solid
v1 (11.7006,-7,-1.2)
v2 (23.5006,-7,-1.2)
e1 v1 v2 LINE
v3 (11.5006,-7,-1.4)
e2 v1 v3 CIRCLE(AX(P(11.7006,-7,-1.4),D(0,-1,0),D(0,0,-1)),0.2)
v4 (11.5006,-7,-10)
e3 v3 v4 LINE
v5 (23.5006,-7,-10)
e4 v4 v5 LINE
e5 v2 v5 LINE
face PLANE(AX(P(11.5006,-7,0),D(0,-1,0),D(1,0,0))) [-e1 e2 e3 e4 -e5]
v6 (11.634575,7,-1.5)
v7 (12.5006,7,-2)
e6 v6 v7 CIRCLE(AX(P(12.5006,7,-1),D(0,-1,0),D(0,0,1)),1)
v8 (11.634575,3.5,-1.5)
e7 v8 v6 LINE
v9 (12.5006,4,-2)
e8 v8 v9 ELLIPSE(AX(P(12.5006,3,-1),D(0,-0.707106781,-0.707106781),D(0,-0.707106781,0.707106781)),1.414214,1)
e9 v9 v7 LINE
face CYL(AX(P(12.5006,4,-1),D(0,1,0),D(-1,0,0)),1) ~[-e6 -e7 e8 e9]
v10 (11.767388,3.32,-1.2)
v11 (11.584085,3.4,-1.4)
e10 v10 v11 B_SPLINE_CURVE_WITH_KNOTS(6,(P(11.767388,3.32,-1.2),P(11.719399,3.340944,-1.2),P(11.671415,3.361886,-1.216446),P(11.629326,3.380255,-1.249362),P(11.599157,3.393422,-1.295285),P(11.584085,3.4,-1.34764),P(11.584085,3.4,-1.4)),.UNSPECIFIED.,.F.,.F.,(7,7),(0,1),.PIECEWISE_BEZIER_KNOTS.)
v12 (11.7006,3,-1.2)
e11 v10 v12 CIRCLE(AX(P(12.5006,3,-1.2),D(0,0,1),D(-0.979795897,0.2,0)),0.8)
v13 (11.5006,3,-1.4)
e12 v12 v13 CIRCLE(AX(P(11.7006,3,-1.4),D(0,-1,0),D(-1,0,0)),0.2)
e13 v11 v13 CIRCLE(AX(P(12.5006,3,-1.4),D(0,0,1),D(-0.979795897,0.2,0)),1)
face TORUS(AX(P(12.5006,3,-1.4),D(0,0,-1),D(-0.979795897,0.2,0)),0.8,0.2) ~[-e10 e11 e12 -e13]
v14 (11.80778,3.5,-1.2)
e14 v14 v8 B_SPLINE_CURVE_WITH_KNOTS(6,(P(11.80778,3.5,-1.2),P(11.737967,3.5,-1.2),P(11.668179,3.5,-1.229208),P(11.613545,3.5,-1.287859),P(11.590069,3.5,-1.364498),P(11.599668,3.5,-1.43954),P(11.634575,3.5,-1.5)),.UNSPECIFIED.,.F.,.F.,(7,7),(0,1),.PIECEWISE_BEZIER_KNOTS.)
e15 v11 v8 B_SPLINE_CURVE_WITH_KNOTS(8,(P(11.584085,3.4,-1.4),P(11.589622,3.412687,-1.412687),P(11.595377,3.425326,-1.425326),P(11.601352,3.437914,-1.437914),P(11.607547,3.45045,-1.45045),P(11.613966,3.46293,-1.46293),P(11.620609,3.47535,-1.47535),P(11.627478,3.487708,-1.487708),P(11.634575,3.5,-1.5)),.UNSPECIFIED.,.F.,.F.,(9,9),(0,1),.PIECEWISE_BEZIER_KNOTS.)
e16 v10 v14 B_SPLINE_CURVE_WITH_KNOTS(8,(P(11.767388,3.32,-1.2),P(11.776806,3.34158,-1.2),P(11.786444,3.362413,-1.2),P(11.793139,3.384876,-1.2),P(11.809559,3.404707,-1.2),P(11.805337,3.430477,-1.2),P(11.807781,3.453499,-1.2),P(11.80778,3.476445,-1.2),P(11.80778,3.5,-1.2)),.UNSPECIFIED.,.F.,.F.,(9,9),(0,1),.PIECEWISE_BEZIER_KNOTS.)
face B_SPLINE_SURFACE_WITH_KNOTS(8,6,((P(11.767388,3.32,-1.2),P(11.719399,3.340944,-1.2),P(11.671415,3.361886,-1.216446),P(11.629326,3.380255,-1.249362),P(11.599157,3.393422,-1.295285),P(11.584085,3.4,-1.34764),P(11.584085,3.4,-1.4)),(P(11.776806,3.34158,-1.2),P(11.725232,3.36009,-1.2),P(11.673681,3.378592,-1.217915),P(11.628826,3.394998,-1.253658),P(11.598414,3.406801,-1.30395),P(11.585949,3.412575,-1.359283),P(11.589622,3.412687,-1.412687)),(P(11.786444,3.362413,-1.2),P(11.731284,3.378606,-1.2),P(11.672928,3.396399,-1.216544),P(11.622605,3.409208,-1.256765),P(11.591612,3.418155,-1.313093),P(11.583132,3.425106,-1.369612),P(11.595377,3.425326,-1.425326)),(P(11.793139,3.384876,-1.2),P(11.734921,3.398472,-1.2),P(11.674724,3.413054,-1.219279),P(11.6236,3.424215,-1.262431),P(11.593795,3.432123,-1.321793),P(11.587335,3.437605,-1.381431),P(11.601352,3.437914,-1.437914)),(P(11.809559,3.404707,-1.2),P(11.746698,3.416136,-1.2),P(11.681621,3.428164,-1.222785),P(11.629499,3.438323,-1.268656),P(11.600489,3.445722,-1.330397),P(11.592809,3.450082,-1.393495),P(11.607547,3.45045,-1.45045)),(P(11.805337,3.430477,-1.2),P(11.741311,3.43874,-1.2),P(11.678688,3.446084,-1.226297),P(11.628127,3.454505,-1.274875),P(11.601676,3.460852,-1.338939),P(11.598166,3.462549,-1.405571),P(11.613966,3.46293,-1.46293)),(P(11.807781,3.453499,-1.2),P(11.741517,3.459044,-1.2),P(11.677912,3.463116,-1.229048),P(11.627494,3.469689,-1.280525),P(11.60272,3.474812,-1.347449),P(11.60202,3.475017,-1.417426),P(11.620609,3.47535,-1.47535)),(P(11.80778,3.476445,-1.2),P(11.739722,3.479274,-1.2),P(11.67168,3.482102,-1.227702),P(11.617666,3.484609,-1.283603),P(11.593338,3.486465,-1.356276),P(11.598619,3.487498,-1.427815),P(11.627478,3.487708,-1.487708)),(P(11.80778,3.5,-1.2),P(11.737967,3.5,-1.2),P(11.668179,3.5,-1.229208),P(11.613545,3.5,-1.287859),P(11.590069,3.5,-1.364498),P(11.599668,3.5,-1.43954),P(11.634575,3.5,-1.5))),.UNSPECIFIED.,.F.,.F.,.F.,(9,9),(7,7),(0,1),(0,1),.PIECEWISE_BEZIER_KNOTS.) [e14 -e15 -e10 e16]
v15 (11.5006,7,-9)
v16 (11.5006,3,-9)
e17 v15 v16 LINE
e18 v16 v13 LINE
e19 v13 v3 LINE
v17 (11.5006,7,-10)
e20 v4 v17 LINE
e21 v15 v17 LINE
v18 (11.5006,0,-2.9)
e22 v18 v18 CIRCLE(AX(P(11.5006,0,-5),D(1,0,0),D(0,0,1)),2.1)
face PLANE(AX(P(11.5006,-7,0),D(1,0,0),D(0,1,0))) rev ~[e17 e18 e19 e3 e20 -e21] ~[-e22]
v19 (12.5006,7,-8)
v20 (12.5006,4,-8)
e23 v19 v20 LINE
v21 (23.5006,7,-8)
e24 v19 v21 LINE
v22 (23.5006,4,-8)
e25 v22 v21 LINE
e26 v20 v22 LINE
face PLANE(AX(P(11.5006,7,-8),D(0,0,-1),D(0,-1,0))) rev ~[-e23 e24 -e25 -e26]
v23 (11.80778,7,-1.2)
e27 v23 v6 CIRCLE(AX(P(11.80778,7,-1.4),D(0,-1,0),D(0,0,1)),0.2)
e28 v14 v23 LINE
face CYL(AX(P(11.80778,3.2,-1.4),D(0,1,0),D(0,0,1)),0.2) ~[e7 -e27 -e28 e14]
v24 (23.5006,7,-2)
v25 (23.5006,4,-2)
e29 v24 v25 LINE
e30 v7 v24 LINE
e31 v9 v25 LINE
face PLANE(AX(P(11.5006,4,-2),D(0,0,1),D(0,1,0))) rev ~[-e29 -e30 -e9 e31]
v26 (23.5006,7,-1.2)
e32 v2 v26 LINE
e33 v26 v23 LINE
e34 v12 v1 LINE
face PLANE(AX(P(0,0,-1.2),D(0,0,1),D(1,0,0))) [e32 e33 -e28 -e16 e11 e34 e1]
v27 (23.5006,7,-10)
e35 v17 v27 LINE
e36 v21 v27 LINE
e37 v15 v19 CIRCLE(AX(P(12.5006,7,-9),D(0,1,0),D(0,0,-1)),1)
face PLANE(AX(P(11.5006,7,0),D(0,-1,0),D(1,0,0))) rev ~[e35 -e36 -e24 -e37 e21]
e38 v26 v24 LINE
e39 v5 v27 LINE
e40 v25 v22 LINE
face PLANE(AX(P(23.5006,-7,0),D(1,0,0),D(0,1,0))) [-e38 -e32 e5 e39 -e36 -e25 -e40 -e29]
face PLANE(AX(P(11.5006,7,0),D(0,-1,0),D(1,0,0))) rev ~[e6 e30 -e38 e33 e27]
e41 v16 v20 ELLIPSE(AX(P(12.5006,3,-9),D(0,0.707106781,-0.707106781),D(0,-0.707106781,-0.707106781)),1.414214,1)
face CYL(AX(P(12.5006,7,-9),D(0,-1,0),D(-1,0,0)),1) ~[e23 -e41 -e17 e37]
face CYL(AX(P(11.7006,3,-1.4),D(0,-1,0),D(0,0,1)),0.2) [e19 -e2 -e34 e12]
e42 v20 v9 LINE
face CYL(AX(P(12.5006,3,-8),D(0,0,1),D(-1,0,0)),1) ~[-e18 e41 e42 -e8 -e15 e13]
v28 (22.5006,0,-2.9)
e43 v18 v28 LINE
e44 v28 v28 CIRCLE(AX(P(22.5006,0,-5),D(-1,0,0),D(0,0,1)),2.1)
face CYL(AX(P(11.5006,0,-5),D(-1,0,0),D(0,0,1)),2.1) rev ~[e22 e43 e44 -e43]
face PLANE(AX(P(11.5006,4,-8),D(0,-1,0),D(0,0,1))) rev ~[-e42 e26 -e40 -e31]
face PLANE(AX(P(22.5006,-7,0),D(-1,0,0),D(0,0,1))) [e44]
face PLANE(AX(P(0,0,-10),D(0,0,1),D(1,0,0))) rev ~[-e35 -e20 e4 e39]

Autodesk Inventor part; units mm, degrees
ref_plane "YZ Plane" through (0, 0, 0) normal (1, 0, 0) x (0, 1, 0)
ref_plane "XZ Plane" through (0, 0, 0) normal (0, 1, 0) x (-1, 0, 0)
ref_plane "XY Plane" through (0, 0, 0) normal (0, 0, 1) x (1, 0, 0)
sketch "Эскиз1" plane through (0, 0, 0) normal (0, 0, 1) x (1, 0, 0)
  line L0 (-0.9994, -4.532) -> (-0.9994, -7) projected
  line L1 (-0.9994, -7) -> (4.0006, -7) projected
  line L2 (4.0006, -7) -> (4.0006, 7) projected
  line L3 (4.0006, 7) -> (1.6539, 7) projected
  arc A0 (1.6539, 7) -> (-1.5392, 5.8477) centre (1.6539, 2) ccw projected
  spline S0 degree 3 poles (-1.5392, 5.8477) (-1.841, 5.5961) (-2.3851, 5.1007) (-2.9171, 4.5079) (-3.3417, 3.9411) (-3.598, 3.5113) (-3.8018, 3.0569) (-3.8945, 2.7699) (-3.9568, 2.4926) (-3.9838, 2.3119) (-4.0006, 2.0887) (-4.0006, 1.9113) (-3.9838, 1.6881) (-3.9568, 1.5074) (-3.8945, 1.2301) (-3.8018, 0.9431) (-3.598, 0.4887) (-3.3417, 0.0589) (-2.9342, -0.485) (-2.6405, -0.8158) (-2.428, -1.0328) knots -1 -1 -1 -1 -0.916667 -0.833333 -0.791667 -0.708333 -0.666667 -0.604167 -0.583333 -0.541667 -0.520833 -0.479167 -0.458333 -0.416667 -0.395833 -0.333333 -0.291667 -0.208333 -0.166667 -0.091743 -0.091743 -0.091743 -0.091743 projected
  spline S1 degree 3 poles (-2.428, -1.0328) (-2.2019, -1.2635) (-1.7947, -1.7688) (-1.3413, -2.6303) (-1.0622, -3.563) (-0.9994, -4.209) (-0.9994, -4.532) knots -1 -1 -1 -1 -0.75 -0.5 -0.25 0 0 0 0 projected
  circle A1 centre (28.5006, -1) radius 2.1 projected
  circle A2 centre (-2.1462, 18.5) radius 2.1 projected
  circle A3 centre (-9.0714, -1) radius 2.1 projected
  spline S2 degree 3 poles (-2.4745, 7.8043) (-2.4902, 7.5514) (-2.5538, 7.3036) (-2.7702, 6.8452) (-2.921, 6.6386) (-3.1063, 6.4657) knots 0 0 0 0 0.076038 0.076038 0.152076 0.152076 0.152076 0.152076 projected
  arc A4 (-2.2745, 9.4079) -> (-2.4745, 7.8043) centre (10.5006, 7) ccw projected
  line L4 (8.0006, -7) -> (40.3538, -7) projected
  line L5 (40.3538, -7) -> (22.9061, 16.2926) projected
  arc A5 (22.9061, 16.2926) -> (10.5006, 22.5) centre (10.5006, 7) ccw projected
  line L6 (10.5006, 22.5) -> (-10.3517, 22.5) projected
  line L7 (-10.3517, 22.5) -> (-11.2994, 21.5522) projected
  arc A6 (-11.2994, 21.5522) -> (-11.8548, 20.4853) centre (-9.8852, 20.138) ccw projected
  line L8 (-11.8548, 20.4853) -> (-11.9558, 19.9127) projected
  line L9 (-11.9558, 19.9127) -> (-6.1462, 19.9127) projected
  line L10 (-6.1462, 19.9127) -> (-6.1462, 17.7127) projected
  line L11 (-6.1462, 17.7127) -> (-12.3437, 17.7127) projected
  line L12 (-12.3437, 17.7127) -> (-16.3486, -5) projected
  line L13 (-16.3486, -5) -> (-9.5088, -5) projected
  line L14 (-9.5088, -5) -> (-9.5088, -7) projected
  line L15 (-9.5088, -7) -> (-2.4994, -7) projected
  line L16 (-2.4994, -7) -> (-2.4994, -3.9012) projected
  spline S3 degree 3 poles (-3.1312, -2.4424) (-2.9413, -2.6206) (-2.7879, -2.8341) (-2.6206, -3.201) (-2.5754, -3.3369) (-2.5147, -3.616) (-2.4994, -3.7584) (-2.4994, -3.9012) knots 0 0 0 0 0.078129 0.078129 0.12097 0.12097 0.16381 0.16381 0.16381 0.16381 projected
  spline S4 degree 2 poles (-3.1312, -2.4424) (-7.8801, 2.0117) (-3.1063, 6.4657) knots -0.944242 -0.944242 -0.944242 -0.053426 -0.053426 -0.053426 projected
  line L17 (23.5006, -7) -> (11.5006, -7)
  line L18 (11.5006, -7) -> (11.5006, 7)
  line L19 (11.5006, 7) -> (23.5006, 7)
  line L20 (23.5006, -7) -> (23.5006, 7)
  spline S5 degree 3 poles (-1.1225, 10.2083) (-1.2509, 10.2303) (-1.3823, 10.2271) (-1.6365, 10.1704) (-1.7568, 10.1175) (-1.9705, 9.9686) (-2.0617, 9.874) (-2.2023, 9.656) (-2.2506, 9.5349) (-2.2745, 9.4079) knots 0 0 0 0 0.039064 0.039064 0.078129 0.078129 0.117193 0.117193 0.155946 0.155946 0.155946 0.155946 projected
  spline S6 degree 2 poles (-1.1225, 10.2083) (8.092, 8.6257) (8.0006, 7) knots 0.047114 0.047114 0.047114 1 1 1 projected
  line L21 (8.0006, 7) -> (8.0006, -7) projected
  point P0 (0, 0)
  dimension "d0" = 12
extrude "Выдавливание1" add sketch "Эскиз1" against normal blind 10 contours L18 L19 L20 L4
sketch "Эскиз2" plane through (11.5006, -7, 0) normal (-1, 0, 0) x (0, 0, 1)
  line L0 (0, 14) -> (0, 0) projected
  line L1 (0, 14) -> (-10, 14) projected
  line L2 (-10, 0) -> (-10, 14) projected
  line L3 (0, 0) -> (-10, 0) projected
  line L4 (0, 14) -> (-10, 14) projected
  line L5 (-5, 14) -> (-5, 0)
  circle A0 centre (-5, 7) radius 2.1
  point P0 (0, 7)
  dimension "d3" = 4.2
extrude "Выдавливание2" cut sketch "Эскиз2" against normal blind 11 contours A0 L5 | L5 A0
sketch "Эскиз3" plane through (11.5006, -7, 0) normal (-1, 0, 0) x (0, 0, 1)
  circle A0 centre (-5, 7) radius 2.1 projected
  line L0 (0, 14) -> (0, 0) projected
  line L1 (0, 14) -> (-10, 14) projected
  line L2 (-10, 0) -> (-10, 14) projected
  line L3 (0, 0) -> (-10, 0) projected
  line L4 (0, 14) -> (-10, 14) projected
  line L5 (-2, 14) -> (-8, 14)
  line L6 (-8, 14) -> (-8, 11)
  line L7 (-8, 11) -> (-2, 11)
  line L8 (-2, 11) -> (-2, 14)
  point P0 (0, 7)
  dimension "d6" = 2
  dimension "d7" = 2
  dimension "d8" = 3
extrude "Выдавливание3" cut sketch "Эскиз3" against normal blind 15 contours L8 L7 L6 L1
fillet "Сопряжение1" radius 1 3 edges at (11.5006, 5.5, -8) (11.5006, 4, -5) (11.5006, 5.5, -2)
sketch "Эскиз4" plane through (0, 0, 0) normal (0, 0, 1) x (1, 0, 0)
  line L0 (11.5006, 7) -> (11.5006, -7) projected
  line L1 (23.5006, 7) -> (11.5006, 7) projected
  line L2 (23.5006, -7) -> (23.5006, 7) projected
  line L3 (8.0006, -7) -> (40.3538, -7) projected
  point P0 (0, 0)
extrude "Выдавливание4" cut sketch "Эскиз4" against normal blind 1.2
fillet "Сопряжение2" radius 0.2 3 edges at (11.5056, 3.1005, -1.2) (11.5006, -2, -1.2) (11.5208, 5.1, -1.2)
properties part number "upor2"
